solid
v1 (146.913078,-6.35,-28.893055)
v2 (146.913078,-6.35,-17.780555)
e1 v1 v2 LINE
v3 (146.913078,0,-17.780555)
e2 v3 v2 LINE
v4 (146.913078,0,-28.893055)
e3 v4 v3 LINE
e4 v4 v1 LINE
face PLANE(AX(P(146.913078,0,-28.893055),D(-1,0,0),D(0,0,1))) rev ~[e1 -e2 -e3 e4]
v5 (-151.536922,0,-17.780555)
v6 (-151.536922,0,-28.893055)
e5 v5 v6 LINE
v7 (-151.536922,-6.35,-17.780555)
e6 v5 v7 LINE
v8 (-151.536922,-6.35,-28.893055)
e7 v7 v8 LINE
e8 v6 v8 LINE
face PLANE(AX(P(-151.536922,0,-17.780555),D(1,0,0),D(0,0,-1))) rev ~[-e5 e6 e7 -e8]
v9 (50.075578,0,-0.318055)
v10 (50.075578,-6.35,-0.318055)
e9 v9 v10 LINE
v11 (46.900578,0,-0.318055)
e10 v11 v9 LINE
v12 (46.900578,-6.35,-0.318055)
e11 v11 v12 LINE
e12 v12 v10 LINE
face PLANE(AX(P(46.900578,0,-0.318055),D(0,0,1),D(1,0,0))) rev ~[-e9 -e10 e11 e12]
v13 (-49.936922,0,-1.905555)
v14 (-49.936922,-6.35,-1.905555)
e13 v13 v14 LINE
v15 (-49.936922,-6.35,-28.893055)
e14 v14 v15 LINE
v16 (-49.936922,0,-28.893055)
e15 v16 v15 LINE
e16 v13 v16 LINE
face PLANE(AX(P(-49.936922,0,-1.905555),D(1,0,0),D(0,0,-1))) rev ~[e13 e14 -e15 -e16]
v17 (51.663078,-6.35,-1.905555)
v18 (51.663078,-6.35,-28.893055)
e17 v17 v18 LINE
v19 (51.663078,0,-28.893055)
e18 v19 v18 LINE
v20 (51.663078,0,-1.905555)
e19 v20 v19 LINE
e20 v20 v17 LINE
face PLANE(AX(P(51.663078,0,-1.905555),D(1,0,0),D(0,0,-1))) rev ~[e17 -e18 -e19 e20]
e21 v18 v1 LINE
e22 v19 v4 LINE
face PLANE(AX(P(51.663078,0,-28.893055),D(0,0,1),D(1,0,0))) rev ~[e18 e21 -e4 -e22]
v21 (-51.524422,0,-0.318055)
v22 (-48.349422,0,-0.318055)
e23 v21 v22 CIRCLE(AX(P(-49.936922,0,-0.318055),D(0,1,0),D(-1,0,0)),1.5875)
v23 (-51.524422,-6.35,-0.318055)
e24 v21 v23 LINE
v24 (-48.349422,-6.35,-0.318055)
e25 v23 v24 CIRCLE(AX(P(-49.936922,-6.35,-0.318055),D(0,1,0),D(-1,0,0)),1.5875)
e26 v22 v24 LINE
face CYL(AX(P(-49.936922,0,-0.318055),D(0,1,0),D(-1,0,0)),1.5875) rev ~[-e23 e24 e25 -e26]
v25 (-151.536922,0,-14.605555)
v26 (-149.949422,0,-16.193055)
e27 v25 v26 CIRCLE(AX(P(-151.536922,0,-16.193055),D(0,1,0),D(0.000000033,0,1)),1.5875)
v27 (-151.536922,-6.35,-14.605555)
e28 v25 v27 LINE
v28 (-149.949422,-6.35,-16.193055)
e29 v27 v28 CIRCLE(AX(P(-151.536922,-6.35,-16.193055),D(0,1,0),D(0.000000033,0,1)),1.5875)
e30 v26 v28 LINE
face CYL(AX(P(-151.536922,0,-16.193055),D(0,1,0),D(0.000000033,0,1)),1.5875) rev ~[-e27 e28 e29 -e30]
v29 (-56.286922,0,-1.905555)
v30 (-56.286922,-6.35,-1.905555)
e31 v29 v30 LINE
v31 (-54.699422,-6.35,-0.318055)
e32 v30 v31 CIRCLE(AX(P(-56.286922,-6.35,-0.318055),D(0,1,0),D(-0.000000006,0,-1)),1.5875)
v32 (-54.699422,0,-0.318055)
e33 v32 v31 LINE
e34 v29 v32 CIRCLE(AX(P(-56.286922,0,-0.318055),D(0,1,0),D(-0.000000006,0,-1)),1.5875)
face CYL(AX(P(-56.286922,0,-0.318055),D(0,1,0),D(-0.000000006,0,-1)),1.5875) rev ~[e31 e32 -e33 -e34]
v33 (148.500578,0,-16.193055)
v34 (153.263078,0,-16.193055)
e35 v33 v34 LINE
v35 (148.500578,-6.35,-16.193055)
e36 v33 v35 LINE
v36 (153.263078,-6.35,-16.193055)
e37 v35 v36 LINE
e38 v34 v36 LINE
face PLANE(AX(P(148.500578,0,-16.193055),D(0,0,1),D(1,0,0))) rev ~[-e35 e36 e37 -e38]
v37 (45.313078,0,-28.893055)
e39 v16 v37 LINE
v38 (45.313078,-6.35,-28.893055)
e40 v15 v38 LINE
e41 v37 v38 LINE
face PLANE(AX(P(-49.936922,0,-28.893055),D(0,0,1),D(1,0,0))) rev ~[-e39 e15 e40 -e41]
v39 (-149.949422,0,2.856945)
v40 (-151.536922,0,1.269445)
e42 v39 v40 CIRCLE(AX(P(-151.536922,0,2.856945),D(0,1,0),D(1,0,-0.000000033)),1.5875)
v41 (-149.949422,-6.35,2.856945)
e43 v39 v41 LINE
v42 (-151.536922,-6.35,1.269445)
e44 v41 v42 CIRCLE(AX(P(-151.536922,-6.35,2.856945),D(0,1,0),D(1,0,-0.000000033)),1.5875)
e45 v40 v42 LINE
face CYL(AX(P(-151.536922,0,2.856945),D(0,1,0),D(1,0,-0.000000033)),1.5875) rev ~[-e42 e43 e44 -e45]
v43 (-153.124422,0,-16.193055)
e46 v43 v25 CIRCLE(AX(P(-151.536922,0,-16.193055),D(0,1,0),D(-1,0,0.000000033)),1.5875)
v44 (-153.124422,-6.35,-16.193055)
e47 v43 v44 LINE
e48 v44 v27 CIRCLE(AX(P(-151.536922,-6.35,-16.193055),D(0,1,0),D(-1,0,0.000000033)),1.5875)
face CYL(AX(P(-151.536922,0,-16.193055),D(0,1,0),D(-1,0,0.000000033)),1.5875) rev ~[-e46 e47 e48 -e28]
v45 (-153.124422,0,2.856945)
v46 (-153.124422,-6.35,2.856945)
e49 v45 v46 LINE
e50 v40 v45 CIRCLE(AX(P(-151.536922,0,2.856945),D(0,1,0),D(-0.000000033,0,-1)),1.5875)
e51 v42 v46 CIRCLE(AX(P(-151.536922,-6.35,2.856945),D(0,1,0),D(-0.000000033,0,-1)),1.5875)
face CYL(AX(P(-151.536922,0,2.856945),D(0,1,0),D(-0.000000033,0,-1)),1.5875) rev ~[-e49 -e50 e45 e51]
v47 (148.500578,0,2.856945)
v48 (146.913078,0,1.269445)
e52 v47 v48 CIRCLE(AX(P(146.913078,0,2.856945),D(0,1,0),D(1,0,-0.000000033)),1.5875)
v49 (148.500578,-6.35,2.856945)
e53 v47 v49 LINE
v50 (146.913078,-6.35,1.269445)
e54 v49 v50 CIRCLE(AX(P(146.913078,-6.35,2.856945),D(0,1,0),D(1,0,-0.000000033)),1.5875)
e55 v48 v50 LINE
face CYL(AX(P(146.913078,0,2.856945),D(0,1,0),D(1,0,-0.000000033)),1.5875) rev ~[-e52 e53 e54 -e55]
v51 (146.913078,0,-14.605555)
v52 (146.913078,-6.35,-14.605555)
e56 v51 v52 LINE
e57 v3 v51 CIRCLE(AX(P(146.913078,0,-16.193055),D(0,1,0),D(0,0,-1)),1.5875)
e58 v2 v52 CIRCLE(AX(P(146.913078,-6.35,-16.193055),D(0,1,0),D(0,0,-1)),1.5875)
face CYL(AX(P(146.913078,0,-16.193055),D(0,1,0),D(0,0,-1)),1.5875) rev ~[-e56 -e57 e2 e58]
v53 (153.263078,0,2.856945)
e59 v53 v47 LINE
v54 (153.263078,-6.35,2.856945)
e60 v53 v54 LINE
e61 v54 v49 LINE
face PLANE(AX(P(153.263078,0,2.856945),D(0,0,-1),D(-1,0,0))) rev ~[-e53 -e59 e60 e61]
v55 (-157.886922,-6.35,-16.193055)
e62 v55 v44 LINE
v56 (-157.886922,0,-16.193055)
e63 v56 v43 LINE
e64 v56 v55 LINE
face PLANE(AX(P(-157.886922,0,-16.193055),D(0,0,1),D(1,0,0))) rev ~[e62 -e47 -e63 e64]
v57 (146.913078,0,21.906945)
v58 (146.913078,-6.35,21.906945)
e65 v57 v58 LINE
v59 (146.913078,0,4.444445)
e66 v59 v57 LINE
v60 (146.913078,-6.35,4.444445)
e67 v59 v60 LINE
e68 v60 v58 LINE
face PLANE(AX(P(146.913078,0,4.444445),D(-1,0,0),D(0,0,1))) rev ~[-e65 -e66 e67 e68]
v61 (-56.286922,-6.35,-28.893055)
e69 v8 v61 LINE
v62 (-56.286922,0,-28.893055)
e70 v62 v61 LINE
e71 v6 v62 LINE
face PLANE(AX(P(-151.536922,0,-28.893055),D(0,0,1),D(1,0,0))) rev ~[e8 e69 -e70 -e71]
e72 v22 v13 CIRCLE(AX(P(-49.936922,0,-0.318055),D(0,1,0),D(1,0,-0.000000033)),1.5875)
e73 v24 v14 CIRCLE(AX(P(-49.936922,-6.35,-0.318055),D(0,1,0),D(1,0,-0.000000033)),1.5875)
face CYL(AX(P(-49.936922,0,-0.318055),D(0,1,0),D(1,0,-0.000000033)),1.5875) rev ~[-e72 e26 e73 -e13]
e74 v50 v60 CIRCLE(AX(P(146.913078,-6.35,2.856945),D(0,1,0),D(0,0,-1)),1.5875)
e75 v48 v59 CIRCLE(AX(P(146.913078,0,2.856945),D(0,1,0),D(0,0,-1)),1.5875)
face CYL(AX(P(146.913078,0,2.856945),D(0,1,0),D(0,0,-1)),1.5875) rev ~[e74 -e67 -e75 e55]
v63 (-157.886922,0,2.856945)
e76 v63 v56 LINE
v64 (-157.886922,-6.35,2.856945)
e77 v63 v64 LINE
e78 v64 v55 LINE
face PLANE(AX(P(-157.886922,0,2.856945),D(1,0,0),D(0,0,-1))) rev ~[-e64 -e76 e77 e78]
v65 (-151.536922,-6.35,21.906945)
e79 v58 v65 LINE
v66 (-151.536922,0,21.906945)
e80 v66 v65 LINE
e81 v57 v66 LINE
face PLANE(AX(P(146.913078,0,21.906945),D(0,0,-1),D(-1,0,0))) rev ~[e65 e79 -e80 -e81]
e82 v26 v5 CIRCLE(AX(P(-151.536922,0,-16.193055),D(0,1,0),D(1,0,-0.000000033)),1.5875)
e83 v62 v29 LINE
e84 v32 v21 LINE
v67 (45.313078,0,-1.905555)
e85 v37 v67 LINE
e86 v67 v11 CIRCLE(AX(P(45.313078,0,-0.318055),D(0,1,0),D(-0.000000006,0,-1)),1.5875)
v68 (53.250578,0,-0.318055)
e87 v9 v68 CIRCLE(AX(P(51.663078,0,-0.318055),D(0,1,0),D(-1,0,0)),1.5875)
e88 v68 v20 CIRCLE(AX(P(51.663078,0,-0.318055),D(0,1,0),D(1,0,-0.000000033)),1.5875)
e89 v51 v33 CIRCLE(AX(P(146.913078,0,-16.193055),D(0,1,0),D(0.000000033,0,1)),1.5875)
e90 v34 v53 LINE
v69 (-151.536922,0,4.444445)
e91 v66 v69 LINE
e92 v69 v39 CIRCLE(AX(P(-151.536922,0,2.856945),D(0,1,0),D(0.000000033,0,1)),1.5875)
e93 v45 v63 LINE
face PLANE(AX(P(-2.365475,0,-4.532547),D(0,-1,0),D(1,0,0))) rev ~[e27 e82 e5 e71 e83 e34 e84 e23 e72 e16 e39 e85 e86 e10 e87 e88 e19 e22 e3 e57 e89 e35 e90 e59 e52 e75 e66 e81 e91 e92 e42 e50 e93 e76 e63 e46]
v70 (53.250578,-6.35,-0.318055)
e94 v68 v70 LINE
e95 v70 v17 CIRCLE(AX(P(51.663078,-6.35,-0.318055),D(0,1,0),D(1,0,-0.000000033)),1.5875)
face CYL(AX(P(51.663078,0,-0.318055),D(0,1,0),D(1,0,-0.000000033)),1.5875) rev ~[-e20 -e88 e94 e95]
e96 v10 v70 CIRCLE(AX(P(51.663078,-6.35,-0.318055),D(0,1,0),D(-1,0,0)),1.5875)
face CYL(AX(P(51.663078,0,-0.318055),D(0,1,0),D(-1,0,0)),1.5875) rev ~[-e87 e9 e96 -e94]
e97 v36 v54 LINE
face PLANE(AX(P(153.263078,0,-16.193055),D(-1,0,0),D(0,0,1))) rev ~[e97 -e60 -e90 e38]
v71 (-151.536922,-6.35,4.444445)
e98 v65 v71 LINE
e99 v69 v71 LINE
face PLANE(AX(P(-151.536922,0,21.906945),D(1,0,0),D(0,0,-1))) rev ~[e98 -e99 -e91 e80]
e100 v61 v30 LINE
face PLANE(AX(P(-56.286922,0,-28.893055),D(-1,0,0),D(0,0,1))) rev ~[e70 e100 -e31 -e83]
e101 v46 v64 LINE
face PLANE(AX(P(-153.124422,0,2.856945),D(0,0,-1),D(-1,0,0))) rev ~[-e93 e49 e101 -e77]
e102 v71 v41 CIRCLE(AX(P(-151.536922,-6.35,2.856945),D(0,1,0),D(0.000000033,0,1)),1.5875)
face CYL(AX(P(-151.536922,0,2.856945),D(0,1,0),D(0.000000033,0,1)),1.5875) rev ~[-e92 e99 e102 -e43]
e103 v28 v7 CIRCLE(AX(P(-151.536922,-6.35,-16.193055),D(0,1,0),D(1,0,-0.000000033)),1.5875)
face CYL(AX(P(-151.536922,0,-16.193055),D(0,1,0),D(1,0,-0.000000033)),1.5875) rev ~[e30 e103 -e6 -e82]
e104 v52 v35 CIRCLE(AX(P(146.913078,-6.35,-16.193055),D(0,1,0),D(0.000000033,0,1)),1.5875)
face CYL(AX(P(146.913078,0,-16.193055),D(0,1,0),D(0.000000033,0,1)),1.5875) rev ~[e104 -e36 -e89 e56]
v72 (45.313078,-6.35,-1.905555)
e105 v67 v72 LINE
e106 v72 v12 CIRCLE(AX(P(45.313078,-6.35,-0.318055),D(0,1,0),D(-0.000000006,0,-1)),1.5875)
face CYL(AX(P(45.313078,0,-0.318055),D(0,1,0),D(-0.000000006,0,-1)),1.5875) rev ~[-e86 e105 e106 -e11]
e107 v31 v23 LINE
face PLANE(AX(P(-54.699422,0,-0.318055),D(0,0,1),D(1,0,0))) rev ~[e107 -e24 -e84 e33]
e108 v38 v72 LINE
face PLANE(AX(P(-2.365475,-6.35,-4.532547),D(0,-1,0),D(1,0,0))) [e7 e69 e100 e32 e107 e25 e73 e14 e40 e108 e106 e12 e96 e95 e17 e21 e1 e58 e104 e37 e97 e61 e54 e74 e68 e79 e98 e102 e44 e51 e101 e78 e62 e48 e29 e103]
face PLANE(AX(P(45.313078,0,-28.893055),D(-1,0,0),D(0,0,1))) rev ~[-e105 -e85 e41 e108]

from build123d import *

# Parameters (mm, degrees)
F1_DEPTH = 6.35


with BuildPart() as f1:
    # F0 (on Front) → F1 (new body)
    with BuildSketch(Plane.XZ):
        with BuildLine():
            Line((146.913078, 21.906945), (-151.536922, 21.906945))
            Line((-151.536922, 21.906945), (-151.536922, 4.444445))
            ThreePointArc((-151.536922, 4.444445), (-150.41439, 3.979477), (-149.949422, 2.856945))
            ThreePointArc((-149.949422, 2.856945), (-150.41439, 1.734413), (-151.536922, 1.269445))
            Line((-151.536922, 1.269445), (-151.536922, -14.605555))
            ThreePointArc((-151.536922, -14.605555), (-150.41439, -15.070523), (-149.949422, -16.193055))
            ThreePointArc((-149.949422, -16.193055), (-150.41439, -17.315587), (-151.536922, -17.780555))
            Line((-151.536922, -17.780555), (-151.536922, -28.893055))
            Line((-151.536922, -28.893055), (-56.286922, -28.893055))
            Line((-56.286922, -28.893055), (-56.286922, -1.905555))
            ThreePointArc((-56.286922, -1.905555), (-57.409454, 0.804477), (-54.699422, -0.318055))
            Line((-54.699422, -0.318055), (-51.524422, -0.318055))
            ThreePointArc((-51.524422, -0.318055), (-49.936922, 1.269445), (-48.349422, -0.318055))
            ThreePointArc((-48.349422, -0.318055), (-48.81439, -1.440587), (-49.936922, -1.905555))
            Line((-49.936922, -1.905555), (-49.936922, -28.893055))
            Line((-49.936922, -28.893055), (45.313078, -28.893055))
            Line((45.313078, -28.893055), (45.313078, -1.905555))
            ThreePointArc((45.313078, -1.905555), (44.190546, 0.804477), (46.900578, -0.318055))
            Line((46.900578, -0.318055), (50.075578, -0.318055))
            ThreePointArc((50.075578, -0.318055), (51.663078, 1.269445), (53.250578, -0.318055))
            ThreePointArc((53.250578, -0.318055), (52.78561, -1.440587), (51.663078, -1.905555))
            Line((51.663078, -1.905555), (51.663078, -28.893055))
            Line((51.663078, -28.893055), (146.913078, -28.893055))
            Line((146.913078, -28.893055), (146.913078, -17.780555))
            ThreePointArc((146.913078, -17.780555), (145.325578, -16.193055), (146.913078, -14.605555))
            Line((146.913078, -14.605555), (146.913078, 1.269445))
            ThreePointArc((146.913078, 1.269445), (145.325578, 2.856945), (146.913078, 4.444445))
            Line((146.913078, 4.444445), (146.913078, 21.906945))
        make_face()
        with BuildLine():
            Line((153.263078, 2.856945), (148.500578, 2.856945))
            ThreePointArc((148.500578, 2.856945), (148.03561, 1.734413), (146.913078, 1.269445))
            Line((146.913078, 1.269445), (146.913078, -14.605555))
            ThreePointArc((146.913078, -14.605555), (148.03561, -15.070523), (148.500578, -16.193055))
            Line((148.500578, -16.193055), (153.263078, -16.193055))
            Line((153.263078, -16.193055), (153.263078, 2.856945))
        make_face()
        with BuildLine():
            ThreePointArc((-151.536922, 1.269445), (-152.659454, 1.734413), (-153.124422, 2.856945))
            Line((-153.124422, 2.856945), (-157.886922, 2.856945))
            Line((-157.886922, 2.856945), (-157.886922, -16.193055))
            Line((-157.886922, -16.193055), (-153.124422, -16.193055))
            ThreePointArc((-153.124422, -16.193055), (-152.659454, -15.070523), (-151.536922, -14.605555))
            Line((-151.536922, -14.605555), (-151.536922, 1.269445))
        make_face()
    extrude(amount=F1_DEPTH)


solid = f1.part
